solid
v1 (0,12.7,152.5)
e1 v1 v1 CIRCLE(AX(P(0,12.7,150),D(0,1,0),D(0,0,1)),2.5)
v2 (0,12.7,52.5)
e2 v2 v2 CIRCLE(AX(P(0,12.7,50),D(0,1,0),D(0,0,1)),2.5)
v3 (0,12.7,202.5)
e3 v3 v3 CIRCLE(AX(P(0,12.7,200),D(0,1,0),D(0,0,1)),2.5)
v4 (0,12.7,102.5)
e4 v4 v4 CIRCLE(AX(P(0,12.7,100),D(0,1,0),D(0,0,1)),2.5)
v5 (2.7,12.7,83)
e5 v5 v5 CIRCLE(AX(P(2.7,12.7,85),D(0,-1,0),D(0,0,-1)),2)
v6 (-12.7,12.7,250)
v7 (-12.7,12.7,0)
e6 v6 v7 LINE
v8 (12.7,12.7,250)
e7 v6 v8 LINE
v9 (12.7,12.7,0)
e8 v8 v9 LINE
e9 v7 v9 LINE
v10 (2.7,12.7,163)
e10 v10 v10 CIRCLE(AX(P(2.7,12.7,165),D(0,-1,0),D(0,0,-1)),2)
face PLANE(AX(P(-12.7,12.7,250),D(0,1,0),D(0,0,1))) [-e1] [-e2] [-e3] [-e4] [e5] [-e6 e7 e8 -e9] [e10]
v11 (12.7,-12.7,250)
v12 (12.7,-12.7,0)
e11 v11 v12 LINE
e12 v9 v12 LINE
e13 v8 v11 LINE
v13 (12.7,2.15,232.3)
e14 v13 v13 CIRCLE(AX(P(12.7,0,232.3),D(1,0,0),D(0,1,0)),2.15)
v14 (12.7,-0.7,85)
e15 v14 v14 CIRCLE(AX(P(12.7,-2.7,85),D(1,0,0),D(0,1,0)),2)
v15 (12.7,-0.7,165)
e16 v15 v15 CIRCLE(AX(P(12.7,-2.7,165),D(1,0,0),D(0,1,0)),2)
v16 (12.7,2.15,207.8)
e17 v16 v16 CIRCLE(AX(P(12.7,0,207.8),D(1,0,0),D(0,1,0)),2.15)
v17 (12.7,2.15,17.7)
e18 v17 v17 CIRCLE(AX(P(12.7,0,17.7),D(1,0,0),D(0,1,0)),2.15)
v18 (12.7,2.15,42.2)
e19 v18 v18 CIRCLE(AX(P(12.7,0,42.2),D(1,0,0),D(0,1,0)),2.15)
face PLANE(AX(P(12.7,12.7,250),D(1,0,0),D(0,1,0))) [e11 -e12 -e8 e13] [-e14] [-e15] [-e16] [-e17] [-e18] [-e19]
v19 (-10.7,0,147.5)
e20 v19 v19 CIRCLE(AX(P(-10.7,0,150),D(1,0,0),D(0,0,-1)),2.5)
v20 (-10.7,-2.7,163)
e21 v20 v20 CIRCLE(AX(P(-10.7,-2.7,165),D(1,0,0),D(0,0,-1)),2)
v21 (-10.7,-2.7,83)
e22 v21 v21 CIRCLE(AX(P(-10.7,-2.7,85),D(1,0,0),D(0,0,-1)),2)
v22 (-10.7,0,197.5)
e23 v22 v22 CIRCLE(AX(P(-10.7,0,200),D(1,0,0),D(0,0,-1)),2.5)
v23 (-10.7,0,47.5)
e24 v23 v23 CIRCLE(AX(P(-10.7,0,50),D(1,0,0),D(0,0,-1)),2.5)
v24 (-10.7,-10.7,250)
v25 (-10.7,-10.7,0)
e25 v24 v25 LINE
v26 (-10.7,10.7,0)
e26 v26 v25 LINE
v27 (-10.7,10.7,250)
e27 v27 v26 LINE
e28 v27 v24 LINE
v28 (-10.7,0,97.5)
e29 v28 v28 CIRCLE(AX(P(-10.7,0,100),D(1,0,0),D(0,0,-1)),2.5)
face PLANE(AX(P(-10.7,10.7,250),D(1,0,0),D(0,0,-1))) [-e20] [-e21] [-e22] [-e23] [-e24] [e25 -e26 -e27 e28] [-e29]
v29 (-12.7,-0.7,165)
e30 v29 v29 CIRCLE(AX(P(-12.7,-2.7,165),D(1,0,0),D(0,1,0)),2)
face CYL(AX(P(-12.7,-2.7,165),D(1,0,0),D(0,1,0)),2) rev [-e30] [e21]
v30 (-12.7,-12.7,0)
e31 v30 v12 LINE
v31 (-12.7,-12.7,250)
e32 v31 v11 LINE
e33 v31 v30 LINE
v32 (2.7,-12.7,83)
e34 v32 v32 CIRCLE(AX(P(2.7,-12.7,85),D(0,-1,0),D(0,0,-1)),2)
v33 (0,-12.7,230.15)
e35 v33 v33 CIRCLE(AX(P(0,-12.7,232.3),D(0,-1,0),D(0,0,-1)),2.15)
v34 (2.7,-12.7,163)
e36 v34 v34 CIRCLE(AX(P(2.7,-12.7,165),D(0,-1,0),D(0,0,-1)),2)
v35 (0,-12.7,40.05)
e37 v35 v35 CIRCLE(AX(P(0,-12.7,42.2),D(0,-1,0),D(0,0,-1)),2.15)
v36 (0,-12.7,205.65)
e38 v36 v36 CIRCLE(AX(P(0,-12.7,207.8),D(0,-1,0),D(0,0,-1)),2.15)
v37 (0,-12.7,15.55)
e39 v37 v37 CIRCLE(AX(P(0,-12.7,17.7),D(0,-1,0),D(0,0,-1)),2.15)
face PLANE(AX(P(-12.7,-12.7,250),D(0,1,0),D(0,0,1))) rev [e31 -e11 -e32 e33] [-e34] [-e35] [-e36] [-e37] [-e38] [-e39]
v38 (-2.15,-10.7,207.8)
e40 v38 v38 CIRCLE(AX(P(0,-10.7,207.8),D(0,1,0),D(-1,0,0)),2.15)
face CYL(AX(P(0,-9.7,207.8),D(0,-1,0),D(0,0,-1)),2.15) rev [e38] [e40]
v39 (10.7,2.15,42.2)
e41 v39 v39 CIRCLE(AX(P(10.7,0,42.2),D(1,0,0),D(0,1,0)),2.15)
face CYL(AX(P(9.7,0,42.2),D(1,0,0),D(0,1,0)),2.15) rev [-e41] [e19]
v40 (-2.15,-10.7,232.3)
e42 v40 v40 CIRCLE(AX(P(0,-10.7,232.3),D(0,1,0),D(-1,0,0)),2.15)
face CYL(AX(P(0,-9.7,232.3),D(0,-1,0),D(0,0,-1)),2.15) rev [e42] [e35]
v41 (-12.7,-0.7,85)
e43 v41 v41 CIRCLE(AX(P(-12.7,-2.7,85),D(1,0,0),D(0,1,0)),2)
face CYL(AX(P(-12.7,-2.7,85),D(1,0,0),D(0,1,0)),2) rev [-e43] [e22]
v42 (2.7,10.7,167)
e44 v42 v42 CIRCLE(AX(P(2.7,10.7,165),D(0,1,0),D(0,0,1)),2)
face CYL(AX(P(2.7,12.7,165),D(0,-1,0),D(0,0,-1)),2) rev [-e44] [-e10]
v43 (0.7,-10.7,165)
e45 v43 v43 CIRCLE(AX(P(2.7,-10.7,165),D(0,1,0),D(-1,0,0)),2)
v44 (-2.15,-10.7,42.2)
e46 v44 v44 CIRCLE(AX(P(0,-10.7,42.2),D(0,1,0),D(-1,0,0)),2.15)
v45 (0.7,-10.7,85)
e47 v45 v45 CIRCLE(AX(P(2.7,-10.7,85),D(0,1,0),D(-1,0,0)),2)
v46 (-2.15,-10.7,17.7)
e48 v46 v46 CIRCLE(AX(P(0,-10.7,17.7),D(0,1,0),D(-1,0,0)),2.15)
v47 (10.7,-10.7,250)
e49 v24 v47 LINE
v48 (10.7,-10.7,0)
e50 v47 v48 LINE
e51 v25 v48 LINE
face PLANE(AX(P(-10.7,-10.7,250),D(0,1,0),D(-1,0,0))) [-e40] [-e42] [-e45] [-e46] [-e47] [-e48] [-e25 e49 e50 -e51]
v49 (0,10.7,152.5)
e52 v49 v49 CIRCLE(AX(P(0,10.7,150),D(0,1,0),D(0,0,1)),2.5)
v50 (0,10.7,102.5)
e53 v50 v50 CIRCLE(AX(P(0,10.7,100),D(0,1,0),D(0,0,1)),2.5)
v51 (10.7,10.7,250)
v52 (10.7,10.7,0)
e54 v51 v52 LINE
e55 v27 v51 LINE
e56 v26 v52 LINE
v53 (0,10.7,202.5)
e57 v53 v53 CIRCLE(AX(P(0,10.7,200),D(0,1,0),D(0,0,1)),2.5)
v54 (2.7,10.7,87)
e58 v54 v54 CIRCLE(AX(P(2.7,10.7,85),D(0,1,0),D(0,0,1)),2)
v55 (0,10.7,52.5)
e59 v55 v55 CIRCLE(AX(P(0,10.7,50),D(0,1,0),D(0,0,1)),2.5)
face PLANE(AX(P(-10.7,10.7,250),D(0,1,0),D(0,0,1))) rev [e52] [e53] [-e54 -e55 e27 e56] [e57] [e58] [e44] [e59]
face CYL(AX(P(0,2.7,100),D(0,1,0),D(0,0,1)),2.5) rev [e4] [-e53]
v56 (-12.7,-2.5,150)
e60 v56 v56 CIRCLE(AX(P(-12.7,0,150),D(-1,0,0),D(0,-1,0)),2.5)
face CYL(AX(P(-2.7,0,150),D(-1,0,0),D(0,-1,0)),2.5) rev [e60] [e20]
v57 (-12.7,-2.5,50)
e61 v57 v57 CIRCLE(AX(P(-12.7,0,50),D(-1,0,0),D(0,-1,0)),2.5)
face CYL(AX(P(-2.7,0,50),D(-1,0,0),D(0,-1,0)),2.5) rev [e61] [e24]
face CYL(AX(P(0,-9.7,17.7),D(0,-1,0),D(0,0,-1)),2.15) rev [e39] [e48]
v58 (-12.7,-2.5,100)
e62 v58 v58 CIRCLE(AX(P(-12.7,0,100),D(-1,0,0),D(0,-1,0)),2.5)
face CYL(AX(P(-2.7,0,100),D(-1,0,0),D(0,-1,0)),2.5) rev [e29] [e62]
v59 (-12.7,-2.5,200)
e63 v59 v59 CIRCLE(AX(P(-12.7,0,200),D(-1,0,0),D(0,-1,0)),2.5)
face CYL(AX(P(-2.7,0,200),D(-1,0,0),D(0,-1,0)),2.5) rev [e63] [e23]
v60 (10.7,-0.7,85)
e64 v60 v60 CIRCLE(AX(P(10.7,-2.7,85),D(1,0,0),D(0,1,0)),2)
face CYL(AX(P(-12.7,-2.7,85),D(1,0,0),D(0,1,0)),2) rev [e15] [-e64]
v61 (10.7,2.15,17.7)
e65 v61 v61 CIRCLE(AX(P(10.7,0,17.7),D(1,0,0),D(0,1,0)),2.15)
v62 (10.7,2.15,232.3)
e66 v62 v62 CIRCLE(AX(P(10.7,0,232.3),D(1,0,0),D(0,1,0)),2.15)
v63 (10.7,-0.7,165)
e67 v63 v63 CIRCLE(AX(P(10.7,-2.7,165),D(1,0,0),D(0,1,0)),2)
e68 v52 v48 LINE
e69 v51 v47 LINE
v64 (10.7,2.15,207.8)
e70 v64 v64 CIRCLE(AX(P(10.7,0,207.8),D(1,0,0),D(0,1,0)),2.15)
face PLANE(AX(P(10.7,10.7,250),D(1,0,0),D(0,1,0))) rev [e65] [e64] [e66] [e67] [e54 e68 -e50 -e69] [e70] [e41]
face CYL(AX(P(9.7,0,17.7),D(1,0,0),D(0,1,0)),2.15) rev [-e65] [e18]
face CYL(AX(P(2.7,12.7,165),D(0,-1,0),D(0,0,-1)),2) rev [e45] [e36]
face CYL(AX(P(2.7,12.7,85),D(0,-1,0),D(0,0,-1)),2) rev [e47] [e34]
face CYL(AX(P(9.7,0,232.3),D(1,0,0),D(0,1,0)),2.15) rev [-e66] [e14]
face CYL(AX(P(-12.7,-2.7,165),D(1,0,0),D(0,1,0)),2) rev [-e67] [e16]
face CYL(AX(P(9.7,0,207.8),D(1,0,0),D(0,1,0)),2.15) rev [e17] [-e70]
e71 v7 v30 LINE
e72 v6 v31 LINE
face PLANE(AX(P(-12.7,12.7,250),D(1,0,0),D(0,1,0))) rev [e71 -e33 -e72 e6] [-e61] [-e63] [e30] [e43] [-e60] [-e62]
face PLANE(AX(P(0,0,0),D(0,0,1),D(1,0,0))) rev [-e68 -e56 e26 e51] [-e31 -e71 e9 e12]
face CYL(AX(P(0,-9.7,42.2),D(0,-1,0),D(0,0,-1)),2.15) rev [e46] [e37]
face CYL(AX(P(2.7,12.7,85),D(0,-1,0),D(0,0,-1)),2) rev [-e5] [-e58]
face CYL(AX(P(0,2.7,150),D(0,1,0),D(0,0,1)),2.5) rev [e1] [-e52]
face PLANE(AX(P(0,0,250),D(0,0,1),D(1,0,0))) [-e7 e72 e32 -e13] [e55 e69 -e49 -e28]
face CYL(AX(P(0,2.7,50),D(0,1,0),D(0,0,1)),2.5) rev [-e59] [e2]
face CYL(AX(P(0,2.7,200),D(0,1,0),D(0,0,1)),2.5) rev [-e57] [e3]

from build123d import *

# Parameters (mm, degrees)
SKETCH_1_W          = 25.4
SKETCH_1_H          = 25.4
EXTRUDE_1_DEPTH     = 250
SKETCH_1_3_W        = 21.4
SKETCH_1_3_H        = 21.4
CUT_EXTRUDE_1_DEPTH = 251.644329679
SKETCH_2_R          = 2.15
CUT_EXTRUDE_2_DEPTH = 3
SKETCH_3_R          = 2.15
CUT_EXTRUDE_3_DEPTH = 3
SKETCH_4_R          = 2.15
CUT_EXTRUDE_4_DEPTH = 3
SKETCH_5_R          = 2.150000004
CUT_EXTRUDE_5_DEPTH = 3
SKETCH_6_R          = 2.5
CUT_EXTRUDE_6_DEPTH = 10
SKETCH_7_R          = 2.5
CUT_EXTRUDE_7_DEPTH = 10
SKETCH_9_R          = 2
CUT_EXTRUDE_8_DEPTH = 25.4
SKETCH_10_R         = 2
CUT_EXTRUDE_9_DEPTH = 25.4


with BuildPart() as part:
    # 草圖1 → 填料-伸長1 (new body)
    with BuildSketch(Plane.XY):
        Rectangle(SKETCH_1_W, SKETCH_1_H)
    extrude(amount=EXTRUDE_1_DEPTH)

    # 草圖1<3> → 除料-伸長1 (cut, through all)
    with BuildSketch(Plane.XY):
        Rectangle(SKETCH_1_3_W, SKETCH_1_3_H)
    extrude(amount=CUT_EXTRUDE_1_DEPTH, mode=Mode.SUBTRACT)

    # 草圖2 → 除料-伸長2 (cut)
    with BuildSketch(Plane(origin=(12.7, 0, 0), x_dir=(0, 0, -1), z_dir=(1, 0, 0))):
        with Locations((-232.3, 0)):
            Circle(SKETCH_2_R)
        with Locations((-207.8, 0)):
            Circle(SKETCH_2_R)
    extrude(amount=-CUT_EXTRUDE_2_DEPTH, mode=Mode.SUBTRACT)

    # 草圖3 → 除料-伸長3 (cut)
    with BuildSketch(Plane.XZ.offset(12.7)):
        with Locations((0, 232.3)):
            Circle(SKETCH_3_R)
        with Locations((0, 207.8)):
            Circle(SKETCH_3_R)
    extrude(amount=-CUT_EXTRUDE_3_DEPTH, mode=Mode.SUBTRACT)

    # 草圖4 → 除料-伸長4 (cut)
    with BuildSketch(Plane(origin=(12.7, 0, 0), x_dir=(0, 0, -1), z_dir=(1, 0, 0))):
        with Locations((-42.199999985, -1e-08)):
            Circle(SKETCH_4_R)
        with Locations((-17.699999985, -1e-08)):
            Circle(SKETCH_4_R)
    extrude(amount=-CUT_EXTRUDE_4_DEPTH, mode=Mode.SUBTRACT)

    # 草圖5 → 除料-伸長5 (cut)
    with BuildSketch(Plane.XZ.offset(12.7)):
        with Locations((0, 42.199999986)):
            Circle(SKETCH_5_R)
        with Locations((0, 17.699999986)):
            Circle(SKETCH_5_R)
    extrude(amount=-CUT_EXTRUDE_5_DEPTH, mode=Mode.SUBTRACT)

    # 草圖6 → 除料-伸長6 (cut)
    with BuildSketch(Plane.ZY.offset(12.7)):
        with Locations((100, 0)):
            Circle(SKETCH_6_R)
        with Locations((150, 0)):
            Circle(SKETCH_6_R)
        with Locations((200, 0)):
            Circle(SKETCH_6_R)
        with Locations((50, 0)):
            Circle(SKETCH_6_R)
    extrude(amount=-CUT_EXTRUDE_6_DEPTH, mode=Mode.SUBTRACT)

    # 草圖7 → 除料-伸長7 (cut)
    with BuildSketch(Plane(origin=(0, 12.7, 0), x_dir=(1, 0, 0), z_dir=(0, 1, 0))):
        with Locations((0, -50)):
            Circle(SKETCH_7_R)
        with Locations((0, -100)):
            Circle(SKETCH_7_R)
        with Locations((0, -150)):
            Circle(SKETCH_7_R)
        with Locations((0, -200)):
            Circle(SKETCH_7_R)
    extrude(amount=-CUT_EXTRUDE_7_DEPTH, mode=Mode.SUBTRACT)

    # 草圖9 → 除料-伸長8 (cut)
    with BuildSketch(Plane.XZ.offset(12.7)):
        with Locations((2.7, 165)):
            Circle(SKETCH_9_R)
        with Locations((2.7, 85)):
            Circle(SKETCH_9_R)
    extrude(amount=-CUT_EXTRUDE_8_DEPTH, mode=Mode.SUBTRACT)

    # 草圖10 → 除料-伸長9 (cut)
    with BuildSketch(Plane(origin=(12.7, 0, 0), x_dir=(0, 0, -1), z_dir=(1, 0, 0))):
        with Locations((-85, -2.7)):
            Circle(SKETCH_10_R)
        with Locations((-165, -2.7)):
            Circle(SKETCH_10_R)
    extrude(amount=-CUT_EXTRUDE_9_DEPTH, mode=Mode.SUBTRACT)


solid = part.part
